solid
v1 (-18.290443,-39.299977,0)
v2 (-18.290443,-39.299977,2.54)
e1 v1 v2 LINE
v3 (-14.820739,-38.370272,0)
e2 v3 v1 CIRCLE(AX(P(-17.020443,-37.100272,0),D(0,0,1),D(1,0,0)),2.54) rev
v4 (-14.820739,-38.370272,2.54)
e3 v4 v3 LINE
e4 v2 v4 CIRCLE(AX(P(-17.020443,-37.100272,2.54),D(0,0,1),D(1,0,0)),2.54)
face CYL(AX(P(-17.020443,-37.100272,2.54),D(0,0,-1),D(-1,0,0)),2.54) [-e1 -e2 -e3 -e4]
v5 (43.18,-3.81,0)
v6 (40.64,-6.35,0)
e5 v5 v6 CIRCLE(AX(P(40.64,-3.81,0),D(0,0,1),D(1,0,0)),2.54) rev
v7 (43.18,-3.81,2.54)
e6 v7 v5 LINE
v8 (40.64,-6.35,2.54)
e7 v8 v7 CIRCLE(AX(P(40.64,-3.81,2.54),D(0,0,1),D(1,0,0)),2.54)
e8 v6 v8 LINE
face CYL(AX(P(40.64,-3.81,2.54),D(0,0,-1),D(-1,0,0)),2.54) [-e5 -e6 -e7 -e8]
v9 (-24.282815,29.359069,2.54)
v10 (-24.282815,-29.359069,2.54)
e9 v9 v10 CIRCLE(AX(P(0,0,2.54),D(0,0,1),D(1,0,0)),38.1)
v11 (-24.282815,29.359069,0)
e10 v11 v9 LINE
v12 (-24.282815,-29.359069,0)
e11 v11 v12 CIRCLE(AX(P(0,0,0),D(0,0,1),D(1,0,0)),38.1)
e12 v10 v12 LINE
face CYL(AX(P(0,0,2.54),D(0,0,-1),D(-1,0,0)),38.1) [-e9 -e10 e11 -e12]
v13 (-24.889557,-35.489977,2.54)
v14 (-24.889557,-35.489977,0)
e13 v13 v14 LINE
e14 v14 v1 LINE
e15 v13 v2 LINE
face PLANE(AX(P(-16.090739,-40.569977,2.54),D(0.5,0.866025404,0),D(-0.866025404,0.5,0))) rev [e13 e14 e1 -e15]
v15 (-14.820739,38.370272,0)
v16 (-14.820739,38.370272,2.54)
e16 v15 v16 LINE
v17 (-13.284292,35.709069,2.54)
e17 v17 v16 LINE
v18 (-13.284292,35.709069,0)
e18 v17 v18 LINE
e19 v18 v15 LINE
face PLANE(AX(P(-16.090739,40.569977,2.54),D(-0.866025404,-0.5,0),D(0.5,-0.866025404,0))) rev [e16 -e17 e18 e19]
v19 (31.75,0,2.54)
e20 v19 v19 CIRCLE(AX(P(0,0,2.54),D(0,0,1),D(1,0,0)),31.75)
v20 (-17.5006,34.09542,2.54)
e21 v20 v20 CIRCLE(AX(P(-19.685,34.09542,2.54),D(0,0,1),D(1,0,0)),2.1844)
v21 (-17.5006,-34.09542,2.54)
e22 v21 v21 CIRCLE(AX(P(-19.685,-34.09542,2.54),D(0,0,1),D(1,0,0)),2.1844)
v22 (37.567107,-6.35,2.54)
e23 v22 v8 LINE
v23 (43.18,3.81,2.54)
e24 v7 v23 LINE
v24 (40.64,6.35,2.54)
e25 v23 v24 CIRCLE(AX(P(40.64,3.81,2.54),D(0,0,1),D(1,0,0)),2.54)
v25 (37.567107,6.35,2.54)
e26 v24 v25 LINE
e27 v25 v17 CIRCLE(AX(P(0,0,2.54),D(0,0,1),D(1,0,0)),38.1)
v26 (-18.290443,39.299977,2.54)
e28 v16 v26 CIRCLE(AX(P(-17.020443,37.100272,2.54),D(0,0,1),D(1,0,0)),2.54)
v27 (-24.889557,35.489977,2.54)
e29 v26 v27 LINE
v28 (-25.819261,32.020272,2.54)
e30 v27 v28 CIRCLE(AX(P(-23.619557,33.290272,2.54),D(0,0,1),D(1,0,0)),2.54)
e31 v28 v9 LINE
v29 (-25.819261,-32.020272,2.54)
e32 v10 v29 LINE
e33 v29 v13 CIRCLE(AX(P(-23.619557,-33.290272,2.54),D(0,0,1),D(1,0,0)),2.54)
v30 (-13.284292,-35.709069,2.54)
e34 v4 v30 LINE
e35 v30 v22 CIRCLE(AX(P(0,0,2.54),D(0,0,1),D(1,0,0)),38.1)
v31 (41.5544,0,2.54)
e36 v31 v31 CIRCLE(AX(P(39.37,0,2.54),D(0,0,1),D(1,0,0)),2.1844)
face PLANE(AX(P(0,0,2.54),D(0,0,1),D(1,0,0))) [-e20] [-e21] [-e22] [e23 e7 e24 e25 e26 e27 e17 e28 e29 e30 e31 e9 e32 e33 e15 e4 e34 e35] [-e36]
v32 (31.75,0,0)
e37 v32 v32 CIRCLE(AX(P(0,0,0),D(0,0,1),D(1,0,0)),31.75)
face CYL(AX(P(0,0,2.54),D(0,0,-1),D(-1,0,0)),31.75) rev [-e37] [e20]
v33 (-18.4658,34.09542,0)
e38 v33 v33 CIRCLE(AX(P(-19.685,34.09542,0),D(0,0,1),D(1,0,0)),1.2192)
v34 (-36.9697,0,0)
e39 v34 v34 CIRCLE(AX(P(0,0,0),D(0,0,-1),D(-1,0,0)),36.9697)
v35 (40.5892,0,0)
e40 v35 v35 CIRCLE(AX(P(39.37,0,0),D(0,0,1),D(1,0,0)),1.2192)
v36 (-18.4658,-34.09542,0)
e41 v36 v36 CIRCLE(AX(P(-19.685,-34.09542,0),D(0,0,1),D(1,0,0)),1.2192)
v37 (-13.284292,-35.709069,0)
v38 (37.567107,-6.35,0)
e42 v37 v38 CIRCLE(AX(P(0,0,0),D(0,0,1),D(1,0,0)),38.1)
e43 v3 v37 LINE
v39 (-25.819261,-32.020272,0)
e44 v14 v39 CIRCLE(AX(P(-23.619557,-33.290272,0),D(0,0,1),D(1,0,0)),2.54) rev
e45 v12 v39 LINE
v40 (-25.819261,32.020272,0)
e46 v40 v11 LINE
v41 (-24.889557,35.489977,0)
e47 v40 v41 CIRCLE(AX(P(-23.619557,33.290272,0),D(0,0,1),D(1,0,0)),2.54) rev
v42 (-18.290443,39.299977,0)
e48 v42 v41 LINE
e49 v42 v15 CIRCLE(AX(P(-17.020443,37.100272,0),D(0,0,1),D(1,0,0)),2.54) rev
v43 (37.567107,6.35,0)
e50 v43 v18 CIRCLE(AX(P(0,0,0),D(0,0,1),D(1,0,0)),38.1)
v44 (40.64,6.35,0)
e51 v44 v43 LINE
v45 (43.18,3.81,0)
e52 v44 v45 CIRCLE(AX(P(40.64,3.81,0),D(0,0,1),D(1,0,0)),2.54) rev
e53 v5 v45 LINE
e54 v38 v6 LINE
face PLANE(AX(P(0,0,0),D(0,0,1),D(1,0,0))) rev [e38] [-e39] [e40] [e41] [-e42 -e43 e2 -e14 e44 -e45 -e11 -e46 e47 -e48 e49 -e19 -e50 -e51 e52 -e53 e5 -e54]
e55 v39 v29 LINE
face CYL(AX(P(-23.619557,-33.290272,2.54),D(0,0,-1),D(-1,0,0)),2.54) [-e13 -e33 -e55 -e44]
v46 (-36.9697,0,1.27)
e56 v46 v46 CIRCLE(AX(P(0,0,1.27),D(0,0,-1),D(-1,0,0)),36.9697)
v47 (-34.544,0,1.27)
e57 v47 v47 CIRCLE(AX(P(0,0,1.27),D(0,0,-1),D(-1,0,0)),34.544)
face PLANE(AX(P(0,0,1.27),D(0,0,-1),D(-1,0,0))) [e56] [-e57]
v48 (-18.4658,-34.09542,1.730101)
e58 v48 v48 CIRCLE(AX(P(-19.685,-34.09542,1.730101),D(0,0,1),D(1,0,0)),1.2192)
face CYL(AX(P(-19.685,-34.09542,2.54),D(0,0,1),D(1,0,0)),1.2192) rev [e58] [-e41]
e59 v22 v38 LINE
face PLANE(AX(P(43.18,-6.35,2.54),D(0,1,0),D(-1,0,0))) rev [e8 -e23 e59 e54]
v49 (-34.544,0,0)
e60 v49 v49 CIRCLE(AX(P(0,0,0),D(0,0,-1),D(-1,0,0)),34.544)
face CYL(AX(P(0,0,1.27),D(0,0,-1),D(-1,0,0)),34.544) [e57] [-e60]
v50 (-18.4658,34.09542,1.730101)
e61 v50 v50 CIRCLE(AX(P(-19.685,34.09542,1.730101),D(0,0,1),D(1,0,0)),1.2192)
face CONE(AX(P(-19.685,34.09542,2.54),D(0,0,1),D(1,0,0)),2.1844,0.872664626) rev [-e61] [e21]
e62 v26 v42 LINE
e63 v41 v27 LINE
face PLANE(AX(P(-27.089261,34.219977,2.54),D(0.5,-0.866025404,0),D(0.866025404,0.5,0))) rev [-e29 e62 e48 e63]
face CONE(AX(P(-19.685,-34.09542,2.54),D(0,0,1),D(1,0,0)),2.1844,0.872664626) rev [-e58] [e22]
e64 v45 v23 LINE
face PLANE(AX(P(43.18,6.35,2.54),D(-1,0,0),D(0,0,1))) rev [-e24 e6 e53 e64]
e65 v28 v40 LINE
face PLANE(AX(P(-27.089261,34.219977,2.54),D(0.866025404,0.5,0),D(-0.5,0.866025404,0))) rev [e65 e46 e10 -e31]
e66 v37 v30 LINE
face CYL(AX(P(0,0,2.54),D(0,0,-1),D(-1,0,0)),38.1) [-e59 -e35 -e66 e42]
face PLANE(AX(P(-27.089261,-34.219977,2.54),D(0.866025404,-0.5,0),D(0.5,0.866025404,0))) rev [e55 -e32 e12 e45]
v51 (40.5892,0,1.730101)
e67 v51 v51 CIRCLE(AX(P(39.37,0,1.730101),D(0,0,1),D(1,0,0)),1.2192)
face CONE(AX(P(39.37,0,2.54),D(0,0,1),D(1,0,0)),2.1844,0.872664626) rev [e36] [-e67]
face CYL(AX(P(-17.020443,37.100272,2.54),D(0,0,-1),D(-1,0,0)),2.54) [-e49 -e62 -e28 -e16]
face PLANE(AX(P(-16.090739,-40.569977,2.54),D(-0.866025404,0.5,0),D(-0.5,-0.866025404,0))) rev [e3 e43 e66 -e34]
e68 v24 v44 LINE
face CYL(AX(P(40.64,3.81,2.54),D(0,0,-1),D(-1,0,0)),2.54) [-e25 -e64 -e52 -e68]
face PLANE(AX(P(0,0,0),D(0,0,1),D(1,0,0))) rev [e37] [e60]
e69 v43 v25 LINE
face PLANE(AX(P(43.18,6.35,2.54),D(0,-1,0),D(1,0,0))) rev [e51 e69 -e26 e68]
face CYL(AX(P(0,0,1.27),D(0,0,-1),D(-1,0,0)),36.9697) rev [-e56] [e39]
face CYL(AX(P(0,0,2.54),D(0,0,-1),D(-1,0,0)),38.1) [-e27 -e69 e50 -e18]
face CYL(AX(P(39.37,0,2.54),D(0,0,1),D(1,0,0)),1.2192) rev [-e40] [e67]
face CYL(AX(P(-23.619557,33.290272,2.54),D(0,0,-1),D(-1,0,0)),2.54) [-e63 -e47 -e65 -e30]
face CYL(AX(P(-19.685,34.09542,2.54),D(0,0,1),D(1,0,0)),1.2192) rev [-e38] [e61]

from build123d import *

# Parameters (mm, degrees)
SKETCH1_R                                         = 38.1
SKETCH1_R_2                                       = 31.75
BOSS_EXTRUDE1_DEPTH                               = 2.54
SKETCH2_W                                         = 10.16
SKETCH2_H                                         = 12.7
BOSS_EXTRUDE2_DEPTH                               = 2.54
FILLET1_R                                         = 2.54
SKETCH3_R                                         = 0.635
CUT_EXTRUDE1_DEPTH                                = 3.54
CSK_FOR_2_FLAT_HEAD_MACHINE_SCREW_100_D           = 2.4384
CSK_FOR_2_FLAT_HEAD_MACHINE_SCREW_100_CSINK_D     = 4.3688
CSK_FOR_2_FLAT_HEAD_MACHINE_SCREW_100_CSINK_ANGLE = 100
CIRPATTERN1_COUNT                                 = 3
FILLET1_OF_CIRPATTERN1_R                          = 2.54
SKETCH6_R                                         = 36.9697
SKETCH6_R_2                                       = 34.544
CUT_EXTRUDE3_DEPTH                                = 1.27


with BuildPart() as part:
    # Sketch1 → Boss-Extrude1 (new body)
    with BuildSketch(Plane.XY):
        Circle(SKETCH1_R)
        Circle(SKETCH1_R_2, mode=Mode.SUBTRACT)
    extrude(amount=BOSS_EXTRUDE1_DEPTH)

    # Sketch2 → Boss-Extrude2 (add)
    with BuildSketch(Plane.XY):
        with Locations((38.1, 0)):
            Rectangle(SKETCH2_W, SKETCH2_H)
    boss_extrude2 = extrude(amount=BOSS_EXTRUDE2_DEPTH)

    # Fillet1
    fillet1_edges = [part.edges().sort_by_distance(p)[0] for p in [
        (43.18, 6.35, 1.27),
        (43.18, -6.35, 1.27),
    ]]
    fillet(fillet1_edges, radius=FILLET1_R)

    # Sketch3 → Cut-Extrude1 (cut, through all)
    with BuildSketch(Plane.XY.offset(2.54)):
        with Locations((39.37, 0)):
            Circle(SKETCH3_R)
    cut_extrude1 = extrude(amount=-CUT_EXTRUDE1_DEPTH, mode=Mode.SUBTRACT)

    # CSK for #2 Flat Head Machine Screw (100)1 (through all)
    with Locations(Plane.XY.offset(2.54)):
        with Locations((39.37, 0)):
            csk_for_2_flat_head_machine_screw_100 = CounterSinkHole(CSK_FOR_2_FLAT_HEAD_MACHINE_SCREW_100_D / 2, CSK_FOR_2_FLAT_HEAD_MACHINE_SCREW_100_CSINK_D / 2, counter_sink_angle=CSK_FOR_2_FLAT_HEAD_MACHINE_SCREW_100_CSINK_ANGLE)

    # CirPattern1: Boss-Extrude2, Cut-Extrude1, CSK for #2 Flat Head Machine Screw (100)1 ×3 about axis
    cirpattern1_axis = Axis((0, 0, 0), (0, 0, 1))
    for i in range(1, CIRPATTERN1_COUNT):
        add(boss_extrude2.rotate(cirpattern1_axis, i * 360 / CIRPATTERN1_COUNT))
        add(cut_extrude1.rotate(cirpattern1_axis, i * 360 / CIRPATTERN1_COUNT), mode=Mode.SUBTRACT)
        add(csk_for_2_flat_head_machine_screw_100.rotate(cirpattern1_axis, i * 360 / CIRPATTERN1_COUNT), mode=Mode.SUBTRACT)

    # Fillet1 of CirPattern1
    fillet1_of_cirpattern1_edges = [part.edges().sort_by_distance(p)[0] for p in [
        (-27.089261314, 34.219976935, 1.27),
        (-16.090738686, 40.569976935, 1.27),
        (-16.090738686, -40.569976935, 1.27),
        (-27.089261314, -34.219976935, 1.27),
    ]]
    fillet(fillet1_of_cirpattern1_edges, radius=FILLET1_OF_CIRPATTERN1_R)

    # Sketch6 → Cut-Extrude3 (cut)
    with BuildSketch(Plane(origin=(0, 0, 0), x_dir=(-1, 0, 0), z_dir=(0, 0, -1))):
        Circle(SKETCH6_R)
        Circle(SKETCH6_R_2, mode=Mode.SUBTRACT)
    extrude(amount=-CUT_EXTRUDE3_DEPTH, mode=Mode.SUBTRACT)


solid = part.part
